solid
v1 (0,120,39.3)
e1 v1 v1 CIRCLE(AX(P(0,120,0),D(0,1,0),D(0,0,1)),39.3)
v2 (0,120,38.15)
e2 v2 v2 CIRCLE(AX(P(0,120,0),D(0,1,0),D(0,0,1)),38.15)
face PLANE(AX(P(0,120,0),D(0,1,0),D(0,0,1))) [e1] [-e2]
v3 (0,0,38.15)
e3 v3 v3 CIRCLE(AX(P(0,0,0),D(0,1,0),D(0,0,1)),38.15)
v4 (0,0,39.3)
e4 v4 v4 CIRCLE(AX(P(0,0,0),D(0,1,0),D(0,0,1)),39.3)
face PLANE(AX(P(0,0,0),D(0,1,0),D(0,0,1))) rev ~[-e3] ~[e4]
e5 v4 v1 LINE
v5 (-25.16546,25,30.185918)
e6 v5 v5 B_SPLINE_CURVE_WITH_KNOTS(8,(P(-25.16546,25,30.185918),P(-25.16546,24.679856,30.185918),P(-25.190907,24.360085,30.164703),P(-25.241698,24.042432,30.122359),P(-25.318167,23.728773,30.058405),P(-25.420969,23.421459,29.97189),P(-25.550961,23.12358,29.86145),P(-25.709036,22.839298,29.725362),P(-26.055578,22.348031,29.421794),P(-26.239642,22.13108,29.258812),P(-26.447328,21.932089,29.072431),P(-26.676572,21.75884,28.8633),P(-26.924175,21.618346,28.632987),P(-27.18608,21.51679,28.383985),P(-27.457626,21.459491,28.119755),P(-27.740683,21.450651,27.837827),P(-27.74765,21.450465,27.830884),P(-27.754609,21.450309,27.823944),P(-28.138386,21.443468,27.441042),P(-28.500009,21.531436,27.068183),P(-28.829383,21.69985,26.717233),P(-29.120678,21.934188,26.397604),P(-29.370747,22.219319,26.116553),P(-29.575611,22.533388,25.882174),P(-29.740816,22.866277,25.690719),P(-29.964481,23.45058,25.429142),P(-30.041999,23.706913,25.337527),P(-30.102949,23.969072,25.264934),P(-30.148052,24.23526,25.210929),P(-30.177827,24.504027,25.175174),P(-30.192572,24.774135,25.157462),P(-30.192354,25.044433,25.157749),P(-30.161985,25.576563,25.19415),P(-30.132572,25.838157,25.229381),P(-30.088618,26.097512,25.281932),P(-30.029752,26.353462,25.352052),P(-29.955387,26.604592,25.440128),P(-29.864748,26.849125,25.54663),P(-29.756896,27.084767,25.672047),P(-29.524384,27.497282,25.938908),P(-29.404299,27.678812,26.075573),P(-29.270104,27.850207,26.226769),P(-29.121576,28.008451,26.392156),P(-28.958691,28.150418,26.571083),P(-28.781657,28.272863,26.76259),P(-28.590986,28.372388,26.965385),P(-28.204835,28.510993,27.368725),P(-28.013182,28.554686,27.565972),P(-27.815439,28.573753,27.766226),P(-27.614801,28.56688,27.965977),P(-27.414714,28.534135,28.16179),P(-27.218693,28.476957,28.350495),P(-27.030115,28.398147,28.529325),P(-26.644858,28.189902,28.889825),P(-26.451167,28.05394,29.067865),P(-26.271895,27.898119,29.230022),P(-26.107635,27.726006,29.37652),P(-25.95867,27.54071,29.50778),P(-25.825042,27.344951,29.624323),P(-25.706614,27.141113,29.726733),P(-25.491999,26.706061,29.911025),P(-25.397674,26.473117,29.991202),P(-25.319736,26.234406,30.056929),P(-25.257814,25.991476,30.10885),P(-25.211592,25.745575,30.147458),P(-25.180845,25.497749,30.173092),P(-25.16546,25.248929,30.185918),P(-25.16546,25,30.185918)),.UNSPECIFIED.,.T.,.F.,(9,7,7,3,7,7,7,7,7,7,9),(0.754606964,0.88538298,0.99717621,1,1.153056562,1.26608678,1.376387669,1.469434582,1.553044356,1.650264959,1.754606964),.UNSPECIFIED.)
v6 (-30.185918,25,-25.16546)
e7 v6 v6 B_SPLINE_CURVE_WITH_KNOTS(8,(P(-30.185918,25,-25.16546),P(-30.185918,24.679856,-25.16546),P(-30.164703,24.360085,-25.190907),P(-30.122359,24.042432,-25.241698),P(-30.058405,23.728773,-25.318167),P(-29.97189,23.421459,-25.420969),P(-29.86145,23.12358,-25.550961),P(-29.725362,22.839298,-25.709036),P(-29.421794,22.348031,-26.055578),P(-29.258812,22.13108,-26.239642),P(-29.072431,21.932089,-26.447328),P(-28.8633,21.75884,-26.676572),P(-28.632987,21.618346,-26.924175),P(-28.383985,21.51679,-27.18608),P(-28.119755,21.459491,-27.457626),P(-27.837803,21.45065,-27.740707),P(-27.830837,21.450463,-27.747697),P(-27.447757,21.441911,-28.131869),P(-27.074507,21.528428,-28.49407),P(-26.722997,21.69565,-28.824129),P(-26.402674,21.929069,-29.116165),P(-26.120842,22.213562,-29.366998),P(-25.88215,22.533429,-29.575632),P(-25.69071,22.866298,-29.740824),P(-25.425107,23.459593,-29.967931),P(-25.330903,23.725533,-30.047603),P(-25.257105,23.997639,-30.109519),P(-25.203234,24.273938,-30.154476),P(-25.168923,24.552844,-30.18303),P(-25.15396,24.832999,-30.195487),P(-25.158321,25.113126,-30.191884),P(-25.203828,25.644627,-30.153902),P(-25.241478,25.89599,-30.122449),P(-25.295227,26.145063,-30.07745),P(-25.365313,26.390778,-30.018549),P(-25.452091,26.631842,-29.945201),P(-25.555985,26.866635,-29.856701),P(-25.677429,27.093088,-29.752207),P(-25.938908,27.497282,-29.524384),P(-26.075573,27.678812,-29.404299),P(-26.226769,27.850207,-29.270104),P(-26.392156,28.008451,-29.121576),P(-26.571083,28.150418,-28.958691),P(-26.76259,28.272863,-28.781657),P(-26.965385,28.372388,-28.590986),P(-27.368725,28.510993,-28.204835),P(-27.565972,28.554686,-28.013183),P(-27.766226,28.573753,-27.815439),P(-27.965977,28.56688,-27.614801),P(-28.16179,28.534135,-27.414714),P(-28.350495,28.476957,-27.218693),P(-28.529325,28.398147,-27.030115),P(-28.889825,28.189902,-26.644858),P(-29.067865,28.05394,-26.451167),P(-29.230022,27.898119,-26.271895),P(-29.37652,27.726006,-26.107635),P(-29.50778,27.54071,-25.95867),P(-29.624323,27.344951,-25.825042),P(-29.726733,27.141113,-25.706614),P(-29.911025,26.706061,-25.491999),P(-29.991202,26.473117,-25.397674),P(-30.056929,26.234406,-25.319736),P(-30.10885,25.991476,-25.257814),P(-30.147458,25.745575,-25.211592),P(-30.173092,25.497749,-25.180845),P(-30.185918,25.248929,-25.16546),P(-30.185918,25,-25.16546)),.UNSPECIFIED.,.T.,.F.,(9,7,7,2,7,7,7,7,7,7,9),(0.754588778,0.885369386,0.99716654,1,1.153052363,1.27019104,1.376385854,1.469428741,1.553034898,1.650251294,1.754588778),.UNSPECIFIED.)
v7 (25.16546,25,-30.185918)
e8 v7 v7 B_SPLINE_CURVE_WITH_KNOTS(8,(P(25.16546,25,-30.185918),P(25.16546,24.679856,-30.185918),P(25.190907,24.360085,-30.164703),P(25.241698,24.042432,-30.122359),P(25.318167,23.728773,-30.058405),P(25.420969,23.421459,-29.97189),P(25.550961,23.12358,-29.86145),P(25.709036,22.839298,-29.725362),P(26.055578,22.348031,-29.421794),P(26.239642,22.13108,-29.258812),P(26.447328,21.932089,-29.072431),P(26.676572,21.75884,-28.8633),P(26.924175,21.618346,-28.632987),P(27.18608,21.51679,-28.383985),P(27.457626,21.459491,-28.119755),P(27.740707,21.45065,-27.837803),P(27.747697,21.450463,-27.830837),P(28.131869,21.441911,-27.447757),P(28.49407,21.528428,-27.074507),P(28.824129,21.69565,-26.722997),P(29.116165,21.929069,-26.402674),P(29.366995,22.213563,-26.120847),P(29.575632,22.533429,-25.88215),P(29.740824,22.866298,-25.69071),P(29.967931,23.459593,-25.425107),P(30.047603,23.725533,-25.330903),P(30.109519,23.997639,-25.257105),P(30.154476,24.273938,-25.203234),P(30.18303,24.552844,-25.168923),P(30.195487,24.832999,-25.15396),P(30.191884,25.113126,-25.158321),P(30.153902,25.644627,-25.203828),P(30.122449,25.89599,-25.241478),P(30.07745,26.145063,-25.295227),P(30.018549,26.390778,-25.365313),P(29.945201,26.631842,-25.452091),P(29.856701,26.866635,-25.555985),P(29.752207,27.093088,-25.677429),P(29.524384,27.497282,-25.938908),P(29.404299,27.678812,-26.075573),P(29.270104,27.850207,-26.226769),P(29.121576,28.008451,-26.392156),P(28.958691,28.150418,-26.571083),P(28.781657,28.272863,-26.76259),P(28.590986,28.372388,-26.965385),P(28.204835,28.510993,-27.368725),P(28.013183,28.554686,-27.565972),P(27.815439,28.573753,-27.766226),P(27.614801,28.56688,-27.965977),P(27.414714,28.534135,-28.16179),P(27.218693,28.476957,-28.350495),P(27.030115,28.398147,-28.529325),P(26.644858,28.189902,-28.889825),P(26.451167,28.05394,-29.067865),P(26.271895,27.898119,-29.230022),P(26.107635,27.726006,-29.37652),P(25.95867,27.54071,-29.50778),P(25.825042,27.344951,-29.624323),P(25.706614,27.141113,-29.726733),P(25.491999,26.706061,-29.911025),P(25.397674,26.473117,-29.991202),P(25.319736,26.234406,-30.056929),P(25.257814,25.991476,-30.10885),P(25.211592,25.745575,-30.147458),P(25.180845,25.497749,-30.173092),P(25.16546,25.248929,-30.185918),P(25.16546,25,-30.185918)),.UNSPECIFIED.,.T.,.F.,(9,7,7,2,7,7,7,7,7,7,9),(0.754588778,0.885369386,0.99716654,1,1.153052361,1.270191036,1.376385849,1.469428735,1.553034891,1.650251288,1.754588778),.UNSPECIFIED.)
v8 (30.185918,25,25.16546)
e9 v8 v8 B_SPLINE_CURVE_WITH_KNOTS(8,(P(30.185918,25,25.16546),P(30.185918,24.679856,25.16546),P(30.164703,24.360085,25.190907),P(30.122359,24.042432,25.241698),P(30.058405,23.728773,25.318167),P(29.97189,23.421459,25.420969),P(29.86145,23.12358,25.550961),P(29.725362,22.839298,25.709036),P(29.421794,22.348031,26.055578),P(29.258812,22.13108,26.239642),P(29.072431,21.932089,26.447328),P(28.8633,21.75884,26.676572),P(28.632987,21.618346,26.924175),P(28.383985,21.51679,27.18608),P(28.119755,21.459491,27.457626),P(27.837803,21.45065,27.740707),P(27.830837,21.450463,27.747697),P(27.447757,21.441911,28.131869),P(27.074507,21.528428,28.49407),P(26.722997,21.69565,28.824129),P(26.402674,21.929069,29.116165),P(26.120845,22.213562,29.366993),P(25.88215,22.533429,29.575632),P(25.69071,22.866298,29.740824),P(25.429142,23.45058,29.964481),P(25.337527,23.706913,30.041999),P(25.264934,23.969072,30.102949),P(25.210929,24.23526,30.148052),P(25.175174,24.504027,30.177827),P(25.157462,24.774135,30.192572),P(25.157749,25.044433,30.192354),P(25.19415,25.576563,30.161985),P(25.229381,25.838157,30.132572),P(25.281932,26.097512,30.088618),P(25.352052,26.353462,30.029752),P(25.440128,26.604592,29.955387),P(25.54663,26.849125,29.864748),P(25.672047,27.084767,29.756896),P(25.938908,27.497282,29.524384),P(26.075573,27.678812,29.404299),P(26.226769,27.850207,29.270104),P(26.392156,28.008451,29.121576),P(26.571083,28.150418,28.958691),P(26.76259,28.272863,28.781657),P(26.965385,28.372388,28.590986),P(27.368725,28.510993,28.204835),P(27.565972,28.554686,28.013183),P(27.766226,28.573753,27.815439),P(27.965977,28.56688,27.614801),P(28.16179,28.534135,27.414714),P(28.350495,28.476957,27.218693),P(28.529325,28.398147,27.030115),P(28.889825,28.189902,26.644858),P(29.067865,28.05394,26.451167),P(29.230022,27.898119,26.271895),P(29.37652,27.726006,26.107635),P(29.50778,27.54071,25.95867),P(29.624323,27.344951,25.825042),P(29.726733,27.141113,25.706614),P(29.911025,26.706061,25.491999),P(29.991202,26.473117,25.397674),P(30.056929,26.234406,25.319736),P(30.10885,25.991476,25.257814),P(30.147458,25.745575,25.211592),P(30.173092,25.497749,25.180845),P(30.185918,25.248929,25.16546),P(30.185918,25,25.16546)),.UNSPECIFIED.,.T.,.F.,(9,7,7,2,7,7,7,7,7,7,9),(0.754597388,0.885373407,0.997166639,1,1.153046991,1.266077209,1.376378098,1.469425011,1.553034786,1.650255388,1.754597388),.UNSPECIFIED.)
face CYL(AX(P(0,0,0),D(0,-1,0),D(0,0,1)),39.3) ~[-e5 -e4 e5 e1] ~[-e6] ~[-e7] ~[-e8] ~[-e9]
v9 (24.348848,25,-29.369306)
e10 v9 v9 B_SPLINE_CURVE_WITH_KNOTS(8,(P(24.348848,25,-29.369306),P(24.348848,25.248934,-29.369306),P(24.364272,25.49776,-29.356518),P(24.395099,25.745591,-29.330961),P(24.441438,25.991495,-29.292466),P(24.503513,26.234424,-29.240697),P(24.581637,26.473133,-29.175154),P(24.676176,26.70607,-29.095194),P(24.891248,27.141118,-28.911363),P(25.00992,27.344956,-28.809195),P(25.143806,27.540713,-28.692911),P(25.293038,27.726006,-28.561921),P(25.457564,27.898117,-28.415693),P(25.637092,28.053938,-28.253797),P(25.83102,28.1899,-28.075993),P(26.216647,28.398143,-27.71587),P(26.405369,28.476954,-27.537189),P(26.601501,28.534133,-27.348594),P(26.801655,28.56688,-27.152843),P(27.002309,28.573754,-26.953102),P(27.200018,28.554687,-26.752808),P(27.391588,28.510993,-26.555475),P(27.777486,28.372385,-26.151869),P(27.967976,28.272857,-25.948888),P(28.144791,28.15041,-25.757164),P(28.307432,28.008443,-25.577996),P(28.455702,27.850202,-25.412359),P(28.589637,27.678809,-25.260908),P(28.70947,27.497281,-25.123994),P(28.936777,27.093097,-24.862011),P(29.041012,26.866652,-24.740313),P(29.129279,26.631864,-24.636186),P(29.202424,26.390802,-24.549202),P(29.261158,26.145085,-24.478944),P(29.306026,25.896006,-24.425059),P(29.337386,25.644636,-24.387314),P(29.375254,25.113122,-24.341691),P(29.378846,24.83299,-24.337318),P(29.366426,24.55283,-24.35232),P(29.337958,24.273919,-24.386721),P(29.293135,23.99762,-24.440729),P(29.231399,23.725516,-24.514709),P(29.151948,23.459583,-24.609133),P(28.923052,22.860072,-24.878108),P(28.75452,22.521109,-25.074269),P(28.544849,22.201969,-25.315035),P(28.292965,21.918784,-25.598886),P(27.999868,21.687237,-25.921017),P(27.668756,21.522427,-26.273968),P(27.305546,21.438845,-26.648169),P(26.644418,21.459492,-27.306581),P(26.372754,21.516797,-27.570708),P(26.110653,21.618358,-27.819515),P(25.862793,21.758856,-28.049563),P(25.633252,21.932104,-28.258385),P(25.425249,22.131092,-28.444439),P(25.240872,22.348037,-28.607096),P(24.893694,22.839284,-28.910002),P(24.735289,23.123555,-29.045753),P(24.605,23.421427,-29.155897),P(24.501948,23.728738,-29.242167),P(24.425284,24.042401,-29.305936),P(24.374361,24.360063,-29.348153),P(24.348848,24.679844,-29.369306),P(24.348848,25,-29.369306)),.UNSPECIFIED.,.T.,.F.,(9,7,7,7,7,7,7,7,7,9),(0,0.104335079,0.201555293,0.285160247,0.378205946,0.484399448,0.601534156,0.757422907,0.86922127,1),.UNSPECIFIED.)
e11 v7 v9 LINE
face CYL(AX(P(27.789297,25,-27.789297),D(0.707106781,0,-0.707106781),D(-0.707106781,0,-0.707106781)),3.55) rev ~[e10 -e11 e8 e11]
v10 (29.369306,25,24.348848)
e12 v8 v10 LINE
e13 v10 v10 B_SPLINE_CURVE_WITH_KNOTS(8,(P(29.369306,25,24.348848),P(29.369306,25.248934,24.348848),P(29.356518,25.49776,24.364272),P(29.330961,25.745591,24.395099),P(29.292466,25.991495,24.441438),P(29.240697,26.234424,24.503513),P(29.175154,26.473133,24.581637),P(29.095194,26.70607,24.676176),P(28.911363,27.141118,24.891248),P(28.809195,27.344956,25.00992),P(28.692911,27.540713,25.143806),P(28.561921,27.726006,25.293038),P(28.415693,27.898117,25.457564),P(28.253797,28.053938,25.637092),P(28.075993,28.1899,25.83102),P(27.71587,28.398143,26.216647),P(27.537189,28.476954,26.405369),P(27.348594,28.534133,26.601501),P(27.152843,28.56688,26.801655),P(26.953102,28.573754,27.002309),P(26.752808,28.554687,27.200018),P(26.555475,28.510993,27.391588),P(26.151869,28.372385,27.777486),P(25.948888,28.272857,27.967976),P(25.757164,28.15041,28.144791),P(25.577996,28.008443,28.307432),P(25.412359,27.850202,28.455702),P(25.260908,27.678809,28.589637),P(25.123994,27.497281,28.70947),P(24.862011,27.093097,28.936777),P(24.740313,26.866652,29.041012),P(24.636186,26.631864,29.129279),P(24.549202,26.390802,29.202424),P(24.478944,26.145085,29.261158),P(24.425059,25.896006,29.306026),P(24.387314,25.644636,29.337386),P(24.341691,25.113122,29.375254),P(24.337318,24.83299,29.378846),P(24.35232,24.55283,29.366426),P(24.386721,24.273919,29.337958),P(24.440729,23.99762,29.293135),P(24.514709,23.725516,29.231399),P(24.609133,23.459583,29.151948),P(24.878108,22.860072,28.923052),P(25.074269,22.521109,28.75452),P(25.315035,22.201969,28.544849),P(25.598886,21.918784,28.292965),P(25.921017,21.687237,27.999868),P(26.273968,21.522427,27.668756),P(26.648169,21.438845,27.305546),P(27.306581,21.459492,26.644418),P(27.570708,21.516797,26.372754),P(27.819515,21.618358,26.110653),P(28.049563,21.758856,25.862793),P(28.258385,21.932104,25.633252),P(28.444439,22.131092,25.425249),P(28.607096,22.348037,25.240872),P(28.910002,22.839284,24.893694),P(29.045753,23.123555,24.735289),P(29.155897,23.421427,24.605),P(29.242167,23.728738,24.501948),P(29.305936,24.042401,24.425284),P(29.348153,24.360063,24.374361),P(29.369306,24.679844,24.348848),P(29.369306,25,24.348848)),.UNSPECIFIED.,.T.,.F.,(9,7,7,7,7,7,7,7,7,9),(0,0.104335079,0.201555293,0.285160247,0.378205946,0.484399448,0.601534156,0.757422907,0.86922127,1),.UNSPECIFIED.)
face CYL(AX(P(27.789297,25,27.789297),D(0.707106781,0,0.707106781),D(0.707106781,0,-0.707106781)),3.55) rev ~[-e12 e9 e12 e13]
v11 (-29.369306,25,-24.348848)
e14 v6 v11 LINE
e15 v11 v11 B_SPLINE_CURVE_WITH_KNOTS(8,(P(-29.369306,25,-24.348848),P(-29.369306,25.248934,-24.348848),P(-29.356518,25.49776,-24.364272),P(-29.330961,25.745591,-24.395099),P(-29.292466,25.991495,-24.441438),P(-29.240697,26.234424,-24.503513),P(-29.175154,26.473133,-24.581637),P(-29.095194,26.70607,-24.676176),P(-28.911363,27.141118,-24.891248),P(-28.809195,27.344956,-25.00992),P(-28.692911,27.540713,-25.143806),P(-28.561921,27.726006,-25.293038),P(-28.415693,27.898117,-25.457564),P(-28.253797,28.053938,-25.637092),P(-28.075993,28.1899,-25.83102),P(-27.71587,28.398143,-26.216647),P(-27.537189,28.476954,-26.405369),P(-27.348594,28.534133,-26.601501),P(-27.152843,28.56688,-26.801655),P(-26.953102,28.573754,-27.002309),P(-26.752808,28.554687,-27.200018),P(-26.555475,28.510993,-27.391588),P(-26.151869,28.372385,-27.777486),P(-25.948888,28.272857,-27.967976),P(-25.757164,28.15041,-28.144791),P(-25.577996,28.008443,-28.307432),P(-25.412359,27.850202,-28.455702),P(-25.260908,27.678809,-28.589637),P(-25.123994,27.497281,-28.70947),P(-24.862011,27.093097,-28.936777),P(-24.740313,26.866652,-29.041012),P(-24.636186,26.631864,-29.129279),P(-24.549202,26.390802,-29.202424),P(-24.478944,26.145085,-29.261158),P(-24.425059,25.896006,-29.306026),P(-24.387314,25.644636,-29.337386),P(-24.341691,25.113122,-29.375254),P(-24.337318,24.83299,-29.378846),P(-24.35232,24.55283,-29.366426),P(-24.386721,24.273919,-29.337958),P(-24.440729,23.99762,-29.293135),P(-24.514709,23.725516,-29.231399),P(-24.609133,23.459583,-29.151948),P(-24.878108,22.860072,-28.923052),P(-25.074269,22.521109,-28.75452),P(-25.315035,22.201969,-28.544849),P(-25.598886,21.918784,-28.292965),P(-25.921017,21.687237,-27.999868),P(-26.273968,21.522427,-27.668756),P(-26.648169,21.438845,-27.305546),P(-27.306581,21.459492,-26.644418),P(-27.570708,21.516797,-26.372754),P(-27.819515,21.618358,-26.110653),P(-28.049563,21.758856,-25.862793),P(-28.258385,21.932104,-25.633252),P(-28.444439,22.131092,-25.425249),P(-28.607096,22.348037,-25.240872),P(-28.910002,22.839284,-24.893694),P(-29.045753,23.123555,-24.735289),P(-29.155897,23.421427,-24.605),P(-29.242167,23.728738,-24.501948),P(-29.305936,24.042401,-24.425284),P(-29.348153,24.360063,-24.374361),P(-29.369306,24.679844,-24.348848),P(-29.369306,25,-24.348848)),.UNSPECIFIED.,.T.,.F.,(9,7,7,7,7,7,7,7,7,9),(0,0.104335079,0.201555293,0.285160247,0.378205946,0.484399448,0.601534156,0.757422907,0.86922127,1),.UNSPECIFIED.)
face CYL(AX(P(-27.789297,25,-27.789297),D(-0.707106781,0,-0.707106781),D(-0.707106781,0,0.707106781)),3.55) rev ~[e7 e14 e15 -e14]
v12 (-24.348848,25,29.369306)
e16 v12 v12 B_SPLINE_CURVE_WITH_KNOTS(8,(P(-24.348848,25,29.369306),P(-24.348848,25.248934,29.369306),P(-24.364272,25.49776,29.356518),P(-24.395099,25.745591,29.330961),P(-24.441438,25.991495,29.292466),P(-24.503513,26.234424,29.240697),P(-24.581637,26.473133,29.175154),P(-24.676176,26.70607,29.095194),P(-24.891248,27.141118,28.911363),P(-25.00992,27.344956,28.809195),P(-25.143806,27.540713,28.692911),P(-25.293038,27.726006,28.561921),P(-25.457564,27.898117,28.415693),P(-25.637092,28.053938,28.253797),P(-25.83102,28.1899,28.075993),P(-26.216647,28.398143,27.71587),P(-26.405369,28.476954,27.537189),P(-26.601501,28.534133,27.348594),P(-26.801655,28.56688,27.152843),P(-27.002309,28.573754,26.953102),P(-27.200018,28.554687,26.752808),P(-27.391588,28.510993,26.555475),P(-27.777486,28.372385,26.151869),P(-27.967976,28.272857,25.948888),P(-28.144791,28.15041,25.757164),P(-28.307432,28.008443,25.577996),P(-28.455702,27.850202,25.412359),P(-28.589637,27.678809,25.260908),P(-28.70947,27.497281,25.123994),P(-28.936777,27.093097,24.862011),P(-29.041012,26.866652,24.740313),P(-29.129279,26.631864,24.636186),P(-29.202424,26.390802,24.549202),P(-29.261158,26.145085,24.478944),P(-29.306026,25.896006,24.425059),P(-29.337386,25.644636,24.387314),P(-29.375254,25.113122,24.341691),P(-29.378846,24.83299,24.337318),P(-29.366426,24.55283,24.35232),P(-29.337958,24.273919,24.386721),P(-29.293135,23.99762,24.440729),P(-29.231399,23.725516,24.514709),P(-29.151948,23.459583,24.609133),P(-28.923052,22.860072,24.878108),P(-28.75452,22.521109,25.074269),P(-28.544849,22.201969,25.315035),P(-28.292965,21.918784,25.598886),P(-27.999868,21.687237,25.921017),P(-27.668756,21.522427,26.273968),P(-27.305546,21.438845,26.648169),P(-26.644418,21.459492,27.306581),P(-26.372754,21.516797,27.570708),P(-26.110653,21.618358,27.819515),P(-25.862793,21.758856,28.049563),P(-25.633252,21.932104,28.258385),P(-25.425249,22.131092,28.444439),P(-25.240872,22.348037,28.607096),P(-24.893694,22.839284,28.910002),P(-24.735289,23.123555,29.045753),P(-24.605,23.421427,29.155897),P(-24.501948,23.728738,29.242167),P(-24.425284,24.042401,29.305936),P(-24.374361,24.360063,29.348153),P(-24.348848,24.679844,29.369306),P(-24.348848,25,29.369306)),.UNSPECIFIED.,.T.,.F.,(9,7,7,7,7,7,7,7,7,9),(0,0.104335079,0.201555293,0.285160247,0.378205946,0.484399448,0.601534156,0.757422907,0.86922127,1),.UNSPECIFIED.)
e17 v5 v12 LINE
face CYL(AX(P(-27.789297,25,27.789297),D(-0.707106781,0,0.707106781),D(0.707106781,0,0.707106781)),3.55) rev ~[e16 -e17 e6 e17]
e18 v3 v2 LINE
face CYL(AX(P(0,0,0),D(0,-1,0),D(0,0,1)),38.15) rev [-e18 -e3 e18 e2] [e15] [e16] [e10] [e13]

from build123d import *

# Parameters (mm, degrees)
SKETCH1_R               = 39.3
SKETCH1_R_2             = 38.15
BOSS_EXTRUDE1_DEPTH     = 120
CUT_EXTRUDE1_REACH      = 154.977
CUT_EXTRUDE1_END_RADIUS = 38.15
SKETCH2_R               = 3.55
CIRPATTERN1_COUNT       = 4


with BuildPart() as part:
    # Sketch1 → Boss-Extrude1 (new body)
    with BuildSketch(Plane(origin=(0, 0, 0), x_dir=(1, 0, 0), z_dir=(0, 1, 0))):
        with Locations(Location((0, 0, 0), (0, 0, 270))):
            Circle(SKETCH1_R)
        with Locations(Location((0, 0, 0), (0, 0, 270))):
            Circle(SKETCH1_R_2, mode=Mode.SUBTRACT)
    extrude(amount=BOSS_EXTRUDE1_DEPTH)

    # Cut-Extrude1: up to this cylinder (the profile starts outside it)
    cut_extrude1_end = Plane(origin=(0, 25, 0), z_dir=(0, -1, 0)) * Cylinder(CUT_EXTRUDE1_END_RADIUS, 387.254, mode=Mode.PRIVATE)
    # Sketch2 → Cut-Extrude1 (cut, up to the surface)
    with BuildSketch(Plane(origin=(-27.789296501, 0, -27.789296501), x_dir=(0, -1, 0), z_dir=(-0.7071067811865464, 0, -0.7071067811865488)), mode=Mode.PRIVATE) as cut_extrude1_sk1:
        with Locations(Location((-25, 0, 0), (0, 0, 90))):
            Circle(SKETCH2_R)
    cut_extrude1_tool1 = extrude(cut_extrude1_sk1.sketch, amount=-CUT_EXTRUDE1_REACH, mode=Mode.PRIVATE) - cut_extrude1_end
    cut_extrude1 = cut_extrude1_tool1.solids().sort_by_distance((-27.789297, 25, -27.789297))[0]
    add(cut_extrude1, mode=Mode.SUBTRACT)

    # CirPattern1: Cut-Extrude1 ×4 about axis
    cirpattern1_axis = Axis((0, 120, 0), (0, -1, 0))
    for i in range(1, CIRPATTERN1_COUNT):
        add(cut_extrude1.rotate(cirpattern1_axis, i * 360 / CIRPATTERN1_COUNT), mode=Mode.SUBTRACT)


solid = part.part
